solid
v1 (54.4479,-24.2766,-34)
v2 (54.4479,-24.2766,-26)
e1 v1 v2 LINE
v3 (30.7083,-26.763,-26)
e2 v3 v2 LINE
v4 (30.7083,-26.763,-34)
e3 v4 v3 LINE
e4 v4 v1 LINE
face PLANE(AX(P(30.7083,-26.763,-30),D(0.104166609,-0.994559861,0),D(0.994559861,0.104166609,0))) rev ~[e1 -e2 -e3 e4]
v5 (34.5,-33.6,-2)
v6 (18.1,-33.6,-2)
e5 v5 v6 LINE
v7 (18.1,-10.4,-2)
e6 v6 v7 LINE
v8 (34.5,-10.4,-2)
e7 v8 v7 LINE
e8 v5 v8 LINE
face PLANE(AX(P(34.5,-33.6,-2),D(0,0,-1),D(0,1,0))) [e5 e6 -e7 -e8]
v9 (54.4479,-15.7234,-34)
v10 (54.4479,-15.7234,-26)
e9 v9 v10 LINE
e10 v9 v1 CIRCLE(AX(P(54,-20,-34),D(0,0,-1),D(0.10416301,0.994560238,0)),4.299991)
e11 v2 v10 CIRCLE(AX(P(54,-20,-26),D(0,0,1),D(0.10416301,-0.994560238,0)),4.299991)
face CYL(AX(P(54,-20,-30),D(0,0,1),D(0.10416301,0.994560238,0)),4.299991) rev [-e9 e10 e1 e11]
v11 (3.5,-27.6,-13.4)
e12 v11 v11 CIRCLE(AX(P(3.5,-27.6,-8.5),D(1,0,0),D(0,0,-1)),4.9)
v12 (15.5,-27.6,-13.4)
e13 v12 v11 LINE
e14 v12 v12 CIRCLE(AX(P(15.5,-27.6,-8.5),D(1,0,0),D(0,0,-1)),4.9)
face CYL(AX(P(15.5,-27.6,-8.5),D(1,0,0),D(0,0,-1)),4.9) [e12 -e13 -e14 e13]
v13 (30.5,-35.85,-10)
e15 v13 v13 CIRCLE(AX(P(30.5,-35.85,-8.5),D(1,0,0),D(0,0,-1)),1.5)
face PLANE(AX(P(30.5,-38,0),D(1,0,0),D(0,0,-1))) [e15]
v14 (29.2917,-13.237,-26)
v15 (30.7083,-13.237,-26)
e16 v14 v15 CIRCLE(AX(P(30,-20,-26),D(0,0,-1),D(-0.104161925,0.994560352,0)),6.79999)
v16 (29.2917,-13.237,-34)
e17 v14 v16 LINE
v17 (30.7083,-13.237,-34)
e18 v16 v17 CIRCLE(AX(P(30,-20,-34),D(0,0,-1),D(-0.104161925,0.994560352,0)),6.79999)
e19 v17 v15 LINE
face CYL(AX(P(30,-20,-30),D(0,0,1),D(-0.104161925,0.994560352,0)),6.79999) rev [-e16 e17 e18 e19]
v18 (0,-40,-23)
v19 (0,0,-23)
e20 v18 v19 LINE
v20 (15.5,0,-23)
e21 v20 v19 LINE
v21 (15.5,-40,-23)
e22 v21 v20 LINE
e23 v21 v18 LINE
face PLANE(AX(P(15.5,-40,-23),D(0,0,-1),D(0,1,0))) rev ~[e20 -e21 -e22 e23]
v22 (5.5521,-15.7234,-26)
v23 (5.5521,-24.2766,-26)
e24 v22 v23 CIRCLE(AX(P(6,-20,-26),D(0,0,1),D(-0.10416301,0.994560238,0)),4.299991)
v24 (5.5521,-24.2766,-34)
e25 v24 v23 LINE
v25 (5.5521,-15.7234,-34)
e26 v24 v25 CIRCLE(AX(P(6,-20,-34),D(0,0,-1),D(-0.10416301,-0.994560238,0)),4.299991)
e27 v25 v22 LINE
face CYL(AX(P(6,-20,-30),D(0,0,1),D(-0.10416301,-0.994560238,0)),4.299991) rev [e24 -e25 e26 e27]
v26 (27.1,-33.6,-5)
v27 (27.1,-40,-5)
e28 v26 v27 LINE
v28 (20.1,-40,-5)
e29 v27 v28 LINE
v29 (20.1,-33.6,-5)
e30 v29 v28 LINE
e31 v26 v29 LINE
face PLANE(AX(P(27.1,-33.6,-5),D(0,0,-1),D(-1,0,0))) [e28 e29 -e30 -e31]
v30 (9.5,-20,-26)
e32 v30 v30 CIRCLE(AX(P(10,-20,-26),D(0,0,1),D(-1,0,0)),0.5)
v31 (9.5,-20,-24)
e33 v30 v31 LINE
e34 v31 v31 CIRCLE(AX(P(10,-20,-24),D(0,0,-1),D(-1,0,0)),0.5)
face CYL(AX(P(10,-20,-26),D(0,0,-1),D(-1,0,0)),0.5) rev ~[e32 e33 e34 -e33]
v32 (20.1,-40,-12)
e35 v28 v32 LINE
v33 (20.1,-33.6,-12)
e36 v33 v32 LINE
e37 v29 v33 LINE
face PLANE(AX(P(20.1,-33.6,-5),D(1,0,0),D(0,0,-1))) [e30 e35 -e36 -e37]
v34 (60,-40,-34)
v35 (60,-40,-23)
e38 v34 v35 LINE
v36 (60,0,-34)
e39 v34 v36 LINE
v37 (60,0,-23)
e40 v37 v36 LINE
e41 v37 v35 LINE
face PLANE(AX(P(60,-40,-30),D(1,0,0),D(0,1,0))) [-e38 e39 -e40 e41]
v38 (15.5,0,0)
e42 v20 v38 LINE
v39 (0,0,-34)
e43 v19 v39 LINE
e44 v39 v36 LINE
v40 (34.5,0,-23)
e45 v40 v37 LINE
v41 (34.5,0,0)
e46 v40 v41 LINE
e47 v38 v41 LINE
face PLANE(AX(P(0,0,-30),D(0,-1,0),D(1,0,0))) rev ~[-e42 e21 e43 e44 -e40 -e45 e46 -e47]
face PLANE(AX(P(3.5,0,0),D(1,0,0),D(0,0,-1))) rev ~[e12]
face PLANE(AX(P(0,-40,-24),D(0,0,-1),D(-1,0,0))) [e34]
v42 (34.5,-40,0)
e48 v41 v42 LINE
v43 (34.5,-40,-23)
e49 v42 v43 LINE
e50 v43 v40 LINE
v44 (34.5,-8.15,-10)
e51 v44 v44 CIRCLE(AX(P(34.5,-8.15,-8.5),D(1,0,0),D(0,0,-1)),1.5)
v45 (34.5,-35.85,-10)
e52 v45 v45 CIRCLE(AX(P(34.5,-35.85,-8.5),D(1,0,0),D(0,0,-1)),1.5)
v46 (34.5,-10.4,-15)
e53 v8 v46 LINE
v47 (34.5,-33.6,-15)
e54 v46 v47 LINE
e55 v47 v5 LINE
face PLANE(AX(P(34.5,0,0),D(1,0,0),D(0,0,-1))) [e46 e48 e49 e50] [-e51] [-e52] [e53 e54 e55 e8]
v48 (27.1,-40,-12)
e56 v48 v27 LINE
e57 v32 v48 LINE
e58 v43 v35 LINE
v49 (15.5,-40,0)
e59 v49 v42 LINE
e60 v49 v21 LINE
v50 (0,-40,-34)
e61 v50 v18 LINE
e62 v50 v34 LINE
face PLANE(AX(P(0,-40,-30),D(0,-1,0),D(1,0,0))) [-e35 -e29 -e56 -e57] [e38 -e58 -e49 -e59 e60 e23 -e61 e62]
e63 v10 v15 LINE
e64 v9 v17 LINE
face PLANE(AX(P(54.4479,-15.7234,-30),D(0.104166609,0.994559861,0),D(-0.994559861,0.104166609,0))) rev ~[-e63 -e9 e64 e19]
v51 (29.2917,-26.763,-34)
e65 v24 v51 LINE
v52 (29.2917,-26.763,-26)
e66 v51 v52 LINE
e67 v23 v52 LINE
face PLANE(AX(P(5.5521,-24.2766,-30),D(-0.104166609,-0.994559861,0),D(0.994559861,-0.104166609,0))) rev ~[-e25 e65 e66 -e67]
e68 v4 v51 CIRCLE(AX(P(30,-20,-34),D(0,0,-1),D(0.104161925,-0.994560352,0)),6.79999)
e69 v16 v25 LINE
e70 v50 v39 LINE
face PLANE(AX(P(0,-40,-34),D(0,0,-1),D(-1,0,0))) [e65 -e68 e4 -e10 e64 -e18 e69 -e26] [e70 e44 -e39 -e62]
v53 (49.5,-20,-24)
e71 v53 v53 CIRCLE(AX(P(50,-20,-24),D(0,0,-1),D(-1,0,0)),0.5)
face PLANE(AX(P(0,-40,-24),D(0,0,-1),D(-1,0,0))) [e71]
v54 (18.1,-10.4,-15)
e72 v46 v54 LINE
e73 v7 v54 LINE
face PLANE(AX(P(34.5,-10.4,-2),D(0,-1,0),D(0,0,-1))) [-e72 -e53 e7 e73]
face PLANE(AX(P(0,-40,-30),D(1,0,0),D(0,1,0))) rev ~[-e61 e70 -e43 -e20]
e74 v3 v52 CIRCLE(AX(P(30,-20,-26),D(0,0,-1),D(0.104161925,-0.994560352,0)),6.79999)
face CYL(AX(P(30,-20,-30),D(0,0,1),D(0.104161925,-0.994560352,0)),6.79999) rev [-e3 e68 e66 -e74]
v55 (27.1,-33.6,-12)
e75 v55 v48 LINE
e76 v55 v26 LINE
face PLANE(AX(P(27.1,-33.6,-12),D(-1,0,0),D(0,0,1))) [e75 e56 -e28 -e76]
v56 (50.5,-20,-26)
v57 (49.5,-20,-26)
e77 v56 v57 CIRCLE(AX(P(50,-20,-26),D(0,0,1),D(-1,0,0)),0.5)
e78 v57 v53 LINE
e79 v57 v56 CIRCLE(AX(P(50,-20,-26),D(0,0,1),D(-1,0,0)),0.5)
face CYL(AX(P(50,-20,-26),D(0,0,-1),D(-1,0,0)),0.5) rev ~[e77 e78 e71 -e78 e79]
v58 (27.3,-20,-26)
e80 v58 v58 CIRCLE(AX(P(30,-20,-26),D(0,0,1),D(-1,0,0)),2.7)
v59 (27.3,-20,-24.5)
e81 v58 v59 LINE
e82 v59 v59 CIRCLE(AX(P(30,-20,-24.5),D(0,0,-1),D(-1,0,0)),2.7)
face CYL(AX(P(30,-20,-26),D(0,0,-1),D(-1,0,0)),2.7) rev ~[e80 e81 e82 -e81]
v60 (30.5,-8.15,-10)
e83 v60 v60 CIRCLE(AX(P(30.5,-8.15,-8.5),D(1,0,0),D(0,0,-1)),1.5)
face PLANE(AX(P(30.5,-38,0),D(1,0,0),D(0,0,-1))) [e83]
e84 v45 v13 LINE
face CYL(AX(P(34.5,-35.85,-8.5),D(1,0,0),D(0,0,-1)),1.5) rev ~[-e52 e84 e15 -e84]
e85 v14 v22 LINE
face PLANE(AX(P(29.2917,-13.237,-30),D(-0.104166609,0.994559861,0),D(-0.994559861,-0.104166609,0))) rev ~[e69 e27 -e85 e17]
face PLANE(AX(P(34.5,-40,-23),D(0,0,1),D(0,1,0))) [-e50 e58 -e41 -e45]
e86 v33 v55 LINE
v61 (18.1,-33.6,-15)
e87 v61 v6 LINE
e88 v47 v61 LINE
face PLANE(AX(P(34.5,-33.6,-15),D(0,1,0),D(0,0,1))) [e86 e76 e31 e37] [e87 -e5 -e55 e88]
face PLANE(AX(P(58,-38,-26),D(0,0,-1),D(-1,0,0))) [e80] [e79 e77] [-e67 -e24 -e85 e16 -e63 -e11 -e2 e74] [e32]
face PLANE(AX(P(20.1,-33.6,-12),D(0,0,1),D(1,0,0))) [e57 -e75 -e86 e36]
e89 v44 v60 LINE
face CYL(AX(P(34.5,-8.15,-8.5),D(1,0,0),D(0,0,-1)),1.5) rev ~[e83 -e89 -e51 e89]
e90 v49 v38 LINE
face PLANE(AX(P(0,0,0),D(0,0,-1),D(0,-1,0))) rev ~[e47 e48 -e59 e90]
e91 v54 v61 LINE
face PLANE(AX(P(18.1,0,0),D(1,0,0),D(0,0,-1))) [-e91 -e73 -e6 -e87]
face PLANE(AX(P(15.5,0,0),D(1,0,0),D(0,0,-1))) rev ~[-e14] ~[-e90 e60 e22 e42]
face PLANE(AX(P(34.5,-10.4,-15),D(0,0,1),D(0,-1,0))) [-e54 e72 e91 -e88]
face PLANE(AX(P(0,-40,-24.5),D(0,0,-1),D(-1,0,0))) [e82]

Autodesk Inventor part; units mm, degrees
ref_plane "YZ Plane" through (0, 0, 0) normal (1, 0, 0) x (0, 1, 0)
sketch "スケッチ12" plane through (0, 0, 0) normal (1, 0, 0) x (0, 1, 0)
  line L0 (0, 0) -> (-40, 0)
  line L1 (-40, 0) -> (-40, -30)
  line L2 (-40, -30) -> (0, -30)
  line L3 (0, -30) -> (0, 0)
  dimension "d86" = 40
  dimension "d87" = 30
extrude "押し出し15" add sketch "スケッチ12" along normal blind 60
sketch "スケッチ13" plane through (60, 0, 0) normal (1, 0, 0) x (0, 0, -1)
  line L0 (0, 0) -> (0, -2)
  line L1 (2, -10.4) -> (15, -10.4)
  line L2 (15, -10.4) -> (15, -33.6)
  line L3 (15, -33.6) -> (2, -33.6)
  line L4 (2, -33.6) -> (2, -10.4)
  line L5 (30, 0) -> (0, 0) projected
  line L6 (30, -40) -> (30, 0) projected
  line L7 (0, 0) -> (0, -40) projected
  line L8 (0, -40) -> (30, -40) projected
  line L9 (30, -40) -> (30, 0) projected
  line L10 (30, 0) -> (0, 0) projected
  line L11 (0, 0) -> (0, -40) projected
  line L12 (0, -40) -> (30, -40) projected
  line L13 (23, -40) -> (23, 0)
  point P0 (-10, 3.6606)
  point P1 (23, 0)
  point P2 (8.5, -27.6)
  dimension "d94" = 23.2
  dimension "d95" = 10.4
  dimension "d99" = 13
  dimension "d130" = 8
  dimension "d137" = 6
  dimension "d138" = 6.5
  dimension "d145" = 15
  dimension "d146" = 2
extrude "押し出し16" cut sketch "スケッチ13" against normal blind 16.4 contours L1 L2 L3 L4
sketch "スケッチ14" plane through (0, -40, -30) normal (0, 0, -1) x (-1, 0, 0)
  line L0 (0, 0) -> (0, 40) projected
  line L1 (0, 40) -> (-60, 40) projected
  line L2 (-60, 0) -> (-60, 40) projected
  line L3 (0, 0) -> (-60, 0) projected
  circle A0 centre (-30, 20) radius 2.7
  circle A1 centre (-30, 20) radius 4.75
  line L4 (-30, 20) -> (-54, 20)
  line L5 (-30, 20) -> (-6, 20)
  circle A2 centre (-30, 20) radius 6.5
  circle A3 centre (-6, 20) radius 4
  line L6 (-30, 13.5) -> (-30, 26.5)
  circle A4 centre (-54, 20) radius 4
  line L7 (-29.3229, 13.5354) -> (-5.5833, 16.0218)
  line L8 (-5.5833, 23.9782) -> (-29.3229, 26.4646)
  line L9 (-30.6771, 26.4646) -> (-54.4167, 23.9782)
  line L10 (-30.6771, 13.5354) -> (-54.4167, 16.0218)
  circle A5 centre (-54, 20) radius 0.5
  circle A6 centre (-50, 20) radius 0.5
  circle A7 centre (-46, 20) radius 0.5
  circle A8 centre (-42, 20) radius 0.5
  circle A9 centre (-38, 20) radius 0.5
  circle A10 centre (-6, 20) radius 0.5
  circle A11 centre (-10, 20) radius 0.5
  circle A12 centre (-14, 20) radius 0.5
  circle A13 centre (-18, 20) radius 0.5
  circle A14 centre (-22, 20) radius 0.5
  line L11 (44.5, 22.6) -> (44.5, 22.6)
  line L12 (-15.5, 0) -> (-15.5, 0)
  line L13 (-46.2012, 14.0596) -> (-13.7988, 25.9404)
  line L14 (44.5, 0) -> (44.5, 0)
  line L15 (-15.5, 22.6) -> (-15.5, 22.6)
  line L16 (44.5, 22.6) -> (44.5, 22.6)
  line L17 (44.5, 22.6) -> (-15.5, 0)
  line L18 (44.5, 22.6) -> (-15.5, 22.6)
  line L19 (-15.5, 22.6) -> (44.5, 0)
  point P0 (16, 11.6)
  point P1 (-30, 20)
  point P2 (14.5, 11.3)
  dimension "d170" = 5.4
  dimension "d171" = 9.5
  dimension "d172" = 24
  dimension "d173" = 24
  dimension "d174" = 13
  dimension "d175" = 8
  dimension "d176" = 0
  dimension "d177" = 0
  dimension "d178" = 1
  dimension "d179" = 1
  dimension "d180" = 4
  dimension "d181" = 1
  dimension "d182" = 1
  dimension "d183" = 1
  dimension "d184" = 4
  dimension "d185" = 4
  dimension "d186" = 4
  dimension "d187" = 30
  dimension "d188" = 20
extrude "押し出し17" cut sketch "スケッチ14" against normal blind 4 contours A10 | L19 A11 A3 L18 | A3 A11 L5 L19 | L18 A3 | L7 A2 L5 A14 A13 A12 A11 A3 | L5 A11 L19 | A3 L18 L19 A11 L5 A12 A13 A14 A2 L13 L8 | A3 L19 L18 | A11 L5 A3 | A3 L5 A11 | A2 L6 A1 L5 | L5 A3 A11 L19 | L19 A11 | L13 A2 L8 | L19 A11 A3 | L5 A11 A3 | A2 L13 A1 L6 | L5 A1 L13 A2 | A2 L13 A1 L6 | A12 L5 | L5 A12 | L10 L13 A2 | L6 A0 L5 A1 | A1 L13 A0 L6 | L5 A0 L13 A1 | A14 L5 | L5 A14 | L6 A1 L4 A2 | L13 A0 L6 A1 | L13 L10 A4 A6 L4 A7 A8 A9 A2 | A2 L4 A1 L13 | A1 L4 A0 L13 | L6 L5 A0 | A0 L13 L6 | L5 L13 A0 | A2 L4 A9 A8 A7 A6 A4 L9 | L6 A0 L4 A1 | L13 L6 A0 | A13 L5 | L5 A13 | A5 | A4 A6 | A0 L4 L13 | L4 A0 L6 | A9 L4 | L4 A9 | A6 L4 A4 | A4 L4 A6 | A6 L4 A4 | A4 L4 A6 | A8 L4 | L4 A8 | A7 L4 | L4 A7
ref_plane "作業平面3" through (25, 0, 0) normal (1, 0, 0) x (0, 0, -1)
ref_plane "作業平面4" through (34.5, 0, 0) normal (1, 0, 0) x (0, 0, -1)
ref_plane "作業平面5" through (15.5, 0, 0) normal (1, 0, 0) x (0, 0, -1)
sketch "スケッチ15" plane through (34.5, 0, 0) normal (1, 0, 0) x (0, 0, -1)
  line L0 (2, -10.4) -> (15, -10.4) projected
  line L1 (15, -33.6) -> (2, -33.6) projected
  line L2 (15, -10.4) -> (15, -33.6) projected
  line L3 (2, -10.4) -> (15, -10.4) projected
  line L4 (2, -33.6) -> (2, -10.4) projected
  point P0 (0, 0)
extrude "押し出し19" cut sketch "スケッチ13" along normal blind 30 from surface at -25.5 contours L5 L13 L8 L7 L0 | L1 L2 L3 L4
extrude "押し出し20" cut sketch "スケッチ13" against normal blind 30 from surface at -44.5 contours L5 L13 L8 L7 L0 | L1 L2 L3 L4
extrude "押し出し21" cut sketch "スケッチ13" against normal blind 16.4 from surface at -25.5 contours L1 L2 L3 L4
sketch "スケッチ16" plane through (15.5, 0, 0) normal (1, 0, 0) x (0, 0, -1)
  line L0 (23, 0) -> (23, -40) projected
  line L1 (0, -40) -> (23, -40) projected
  line L2 (0, 0) -> (0, -40) projected
  line L3 (23, 0) -> (0, 0) projected
  line L4 (15, -33.6) -> (2, -33.6) projected
  line L5 (2, -33.6) -> (2, -10.4) projected
  line L6 (15, -10.4) -> (15, -33.6) projected
  line L7 (2, -10.4) -> (15, -10.4) projected
  circle A0 centre (8.5, -27.6) radius 4.9
  dimension "d140" = 6
  dimension "d141" = 6.5
  dimension "d142" = 9.8
extrude "押し出し22" add sketch "スケッチ16" against normal blind 12 contours A0
sketch "スケッチ17" plane through (18.1, -33.6, -2) normal (0, 1, 0) x (1, 0, 0)
  line L0 (2, 10) -> (9, 10)
  line L1 (9, 10) -> (9, 3)
  line L2 (9, 3) -> (2, 3)
  line L3 (2, 3) -> (2, 10)
  line L4 (0, 13) -> (0, 0) projected
  line L5 (0, 13) -> (16.4, 13) projected
  point P0 (-18.1, -2)
  dimension "d147" = 7
  dimension "d148" = 7
  dimension "d149" = 2
  dimension "d150" = 3
extrude "押し出し23" cut sketch "スケッチ17" against normal blind 10
extrude "押し出し24" cut sketch "スケッチ14" against normal blind 1.5 from surface at -4 contours L6 L5 A0 | A0 L13 L6 | L5 L13 A0 | L13 L6 A0 | A0 L4 L13 | L4 A0 L6
ref_plane "作業平面7" through (58, -38, -30) normal (0, 0, -1) x (-1, 0, 0)
sketch "スケッチ18" plane through (58, -38, -30) normal (0, 0, -1) x (-1, 0, 0)
  circle A0 centre (27.1663, 23.0232) radius 2.7 projected
  line L0 (51.583, 19.0449) -> (27.8434, 16.5585) projected
  arc A1 (51.583, 19.0449) -> (51.583, 27.0014) centre (51.1663, 23.0232) ccw projected
  line L1 (27.8434, 29.4878) -> (51.583, 27.0014) projected
  arc A2 (27.8434, 29.4878) -> (26.4892, 29.4878) centre (27.1663, 23.0232) ccw projected
  line L2 (2.7497, 27.0014) -> (26.4892, 29.4878) projected
  arc A3 (2.7497, 27.0014) -> (2.7497, 19.0449) centre (3.1663, 23.0232) ccw projected
  line L3 (26.4892, 16.5585) -> (2.7497, 19.0449) projected
  arc A4 (26.4892, 16.5585) -> (27.8434, 16.5585) centre (27.1663, 23.0232) ccw projected
  line L4 (3.5833, 21.9782) -> (27.3229, 24.4646) projected
  line L5 (52.4167, 14.0218) -> (28.6771, 11.5354) projected
  arc A5 (52.4167, 14.0218) -> (52.4167, 21.9782) centre (52, 18) ccw projected
  line L6 (28.6771, 24.4646) -> (52.4167, 21.9782) projected
  arc A6 (28.6771, 24.4646) -> (27.3229, 24.4646) centre (28, 18) ccw projected
  line L7 (3.5833, 21.9782) -> (27.3229, 24.4646) projected
  arc A7 (3.5833, 21.9782) -> (3.5833, 14.0218) centre (4, 18) ccw projected
  line L8 (27.3229, 11.5354) -> (3.5833, 14.0218) projected
  arc A8 (27.3229, 11.5354) -> (28.6771, 11.5354) centre (28, 18) ccw projected
  arc A9 (3.5521, 22.2766) -> (3.5521, 13.7234) centre (4, 18) ccw
  line L9 (3.5521, 22.2766) -> (27.2917, 24.763)
  arc A10 (28.7083, 24.763) -> (27.2917, 24.763) centre (28, 18) ccw
  line L10 (28.7083, 24.763) -> (52.4479, 22.2766)
  arc A11 (52.4479, 13.7234) -> (52.4479, 22.2766) centre (52, 18) ccw
  line L11 (52.4479, 13.7234) -> (28.7083, 11.237)
  arc A12 (27.2917, 11.237) -> (28.7083, 11.237) centre (28, 18) ccw
  line L12 (27.2917, 11.237) -> (3.5521, 13.7234)
  point P0 (58, 38)
  dimension "d189" = 0.3
extrude "押し出し25" cut sketch "スケッチ18" against normal blind 4 contours L6 A6 L4 A0 L9 A10 L10 | A0 L10 A11 A1 A5 L6 | L4 A7 A3 A9 L9 A0 | A1 A11 L11 A12 L12 A9 A3 A7 L8 A8 L5 A5
extrude "押し出し26" cut sketch "スケッチ14" against normal blind 2 from surface at -4 contours A11 L5 A3 | A3 L5 A11 | L5 A3 A11 L19 | L19 A11 | L5 A11 A3 | A6 L4 A4 | A4 L4 A6 | A6 L4 A4 | A4 L4 A6 picked at (-9.8359, 20.0907)
ref_plane "作業平面6" through (34.5, -38, 0) normal (1, 0, 0) x (0, 0, -1)
sketch "スケッチ19" plane through (34.5, -38, 0) normal (1, 0, 0) x (0, 0, -1)
  line L0 (2, 4.4) -> (2, 27.6) projected
  line L1 (2, 27.6) -> (15, 27.6) projected
  line L2 (15, 27.6) -> (15, 4.4) projected
  line L3 (15, 4.4) -> (2, 4.4) projected
  circle A0 centre (8.5, 2.15) radius 1.5
  circle A1 centre (8.5, 29.85) radius 1.5
  point P0 (0, 38)
  dimension "d161" = 3
  dimension "d162" = 3
  dimension "d163" = 2.25
  dimension "d164" = 2.25
  dimension "d165" = 6.5
  dimension "d167" = 6.5
extrude "押し出し27" cut sketch "スケッチ19" against normal blind 4 contours A0 | A1
sketch "スケッチ20" plane through (0, -40, -30) normal (0, 0, -1) x (-1, 0, 0)
  arc A0 (-29.2917, 26.763) -> (-30.7083, 26.763) centre (-30, 20) ccw projected
  line L0 (-29.2917, 26.763) -> (-5.5521, 24.2766) projected
  arc A1 (-5.5521, 15.7234) -> (-5.5521, 24.2766) centre (-6, 20) ccw projected
  line L1 (-5.5521, 15.7234) -> (-29.2917, 13.237) projected
  arc A2 (-30.7083, 13.237) -> (-29.2917, 13.237) centre (-30, 20) ccw projected
  line L2 (-30.7083, 13.237) -> (-54.4479, 15.7234) projected
  arc A3 (-54.4479, 24.2766) -> (-54.4479, 15.7234) centre (-54, 20) ccw projected
  line L3 (-54.4479, 24.2766) -> (-30.7083, 26.763) projected
  line L4 (0, 40) -> (-60, 40) projected
  line L5 (-60, 0) -> (-60, 40) projected
  line L6 (0, 0) -> (-60, 0) projected
  line L7 (0, 0) -> (0, 40) projected
  point P0 (0, 40)
extrude "押し出し28" add sketch "スケッチ20" along normal blind 4
properties part number "joint5_cover"
